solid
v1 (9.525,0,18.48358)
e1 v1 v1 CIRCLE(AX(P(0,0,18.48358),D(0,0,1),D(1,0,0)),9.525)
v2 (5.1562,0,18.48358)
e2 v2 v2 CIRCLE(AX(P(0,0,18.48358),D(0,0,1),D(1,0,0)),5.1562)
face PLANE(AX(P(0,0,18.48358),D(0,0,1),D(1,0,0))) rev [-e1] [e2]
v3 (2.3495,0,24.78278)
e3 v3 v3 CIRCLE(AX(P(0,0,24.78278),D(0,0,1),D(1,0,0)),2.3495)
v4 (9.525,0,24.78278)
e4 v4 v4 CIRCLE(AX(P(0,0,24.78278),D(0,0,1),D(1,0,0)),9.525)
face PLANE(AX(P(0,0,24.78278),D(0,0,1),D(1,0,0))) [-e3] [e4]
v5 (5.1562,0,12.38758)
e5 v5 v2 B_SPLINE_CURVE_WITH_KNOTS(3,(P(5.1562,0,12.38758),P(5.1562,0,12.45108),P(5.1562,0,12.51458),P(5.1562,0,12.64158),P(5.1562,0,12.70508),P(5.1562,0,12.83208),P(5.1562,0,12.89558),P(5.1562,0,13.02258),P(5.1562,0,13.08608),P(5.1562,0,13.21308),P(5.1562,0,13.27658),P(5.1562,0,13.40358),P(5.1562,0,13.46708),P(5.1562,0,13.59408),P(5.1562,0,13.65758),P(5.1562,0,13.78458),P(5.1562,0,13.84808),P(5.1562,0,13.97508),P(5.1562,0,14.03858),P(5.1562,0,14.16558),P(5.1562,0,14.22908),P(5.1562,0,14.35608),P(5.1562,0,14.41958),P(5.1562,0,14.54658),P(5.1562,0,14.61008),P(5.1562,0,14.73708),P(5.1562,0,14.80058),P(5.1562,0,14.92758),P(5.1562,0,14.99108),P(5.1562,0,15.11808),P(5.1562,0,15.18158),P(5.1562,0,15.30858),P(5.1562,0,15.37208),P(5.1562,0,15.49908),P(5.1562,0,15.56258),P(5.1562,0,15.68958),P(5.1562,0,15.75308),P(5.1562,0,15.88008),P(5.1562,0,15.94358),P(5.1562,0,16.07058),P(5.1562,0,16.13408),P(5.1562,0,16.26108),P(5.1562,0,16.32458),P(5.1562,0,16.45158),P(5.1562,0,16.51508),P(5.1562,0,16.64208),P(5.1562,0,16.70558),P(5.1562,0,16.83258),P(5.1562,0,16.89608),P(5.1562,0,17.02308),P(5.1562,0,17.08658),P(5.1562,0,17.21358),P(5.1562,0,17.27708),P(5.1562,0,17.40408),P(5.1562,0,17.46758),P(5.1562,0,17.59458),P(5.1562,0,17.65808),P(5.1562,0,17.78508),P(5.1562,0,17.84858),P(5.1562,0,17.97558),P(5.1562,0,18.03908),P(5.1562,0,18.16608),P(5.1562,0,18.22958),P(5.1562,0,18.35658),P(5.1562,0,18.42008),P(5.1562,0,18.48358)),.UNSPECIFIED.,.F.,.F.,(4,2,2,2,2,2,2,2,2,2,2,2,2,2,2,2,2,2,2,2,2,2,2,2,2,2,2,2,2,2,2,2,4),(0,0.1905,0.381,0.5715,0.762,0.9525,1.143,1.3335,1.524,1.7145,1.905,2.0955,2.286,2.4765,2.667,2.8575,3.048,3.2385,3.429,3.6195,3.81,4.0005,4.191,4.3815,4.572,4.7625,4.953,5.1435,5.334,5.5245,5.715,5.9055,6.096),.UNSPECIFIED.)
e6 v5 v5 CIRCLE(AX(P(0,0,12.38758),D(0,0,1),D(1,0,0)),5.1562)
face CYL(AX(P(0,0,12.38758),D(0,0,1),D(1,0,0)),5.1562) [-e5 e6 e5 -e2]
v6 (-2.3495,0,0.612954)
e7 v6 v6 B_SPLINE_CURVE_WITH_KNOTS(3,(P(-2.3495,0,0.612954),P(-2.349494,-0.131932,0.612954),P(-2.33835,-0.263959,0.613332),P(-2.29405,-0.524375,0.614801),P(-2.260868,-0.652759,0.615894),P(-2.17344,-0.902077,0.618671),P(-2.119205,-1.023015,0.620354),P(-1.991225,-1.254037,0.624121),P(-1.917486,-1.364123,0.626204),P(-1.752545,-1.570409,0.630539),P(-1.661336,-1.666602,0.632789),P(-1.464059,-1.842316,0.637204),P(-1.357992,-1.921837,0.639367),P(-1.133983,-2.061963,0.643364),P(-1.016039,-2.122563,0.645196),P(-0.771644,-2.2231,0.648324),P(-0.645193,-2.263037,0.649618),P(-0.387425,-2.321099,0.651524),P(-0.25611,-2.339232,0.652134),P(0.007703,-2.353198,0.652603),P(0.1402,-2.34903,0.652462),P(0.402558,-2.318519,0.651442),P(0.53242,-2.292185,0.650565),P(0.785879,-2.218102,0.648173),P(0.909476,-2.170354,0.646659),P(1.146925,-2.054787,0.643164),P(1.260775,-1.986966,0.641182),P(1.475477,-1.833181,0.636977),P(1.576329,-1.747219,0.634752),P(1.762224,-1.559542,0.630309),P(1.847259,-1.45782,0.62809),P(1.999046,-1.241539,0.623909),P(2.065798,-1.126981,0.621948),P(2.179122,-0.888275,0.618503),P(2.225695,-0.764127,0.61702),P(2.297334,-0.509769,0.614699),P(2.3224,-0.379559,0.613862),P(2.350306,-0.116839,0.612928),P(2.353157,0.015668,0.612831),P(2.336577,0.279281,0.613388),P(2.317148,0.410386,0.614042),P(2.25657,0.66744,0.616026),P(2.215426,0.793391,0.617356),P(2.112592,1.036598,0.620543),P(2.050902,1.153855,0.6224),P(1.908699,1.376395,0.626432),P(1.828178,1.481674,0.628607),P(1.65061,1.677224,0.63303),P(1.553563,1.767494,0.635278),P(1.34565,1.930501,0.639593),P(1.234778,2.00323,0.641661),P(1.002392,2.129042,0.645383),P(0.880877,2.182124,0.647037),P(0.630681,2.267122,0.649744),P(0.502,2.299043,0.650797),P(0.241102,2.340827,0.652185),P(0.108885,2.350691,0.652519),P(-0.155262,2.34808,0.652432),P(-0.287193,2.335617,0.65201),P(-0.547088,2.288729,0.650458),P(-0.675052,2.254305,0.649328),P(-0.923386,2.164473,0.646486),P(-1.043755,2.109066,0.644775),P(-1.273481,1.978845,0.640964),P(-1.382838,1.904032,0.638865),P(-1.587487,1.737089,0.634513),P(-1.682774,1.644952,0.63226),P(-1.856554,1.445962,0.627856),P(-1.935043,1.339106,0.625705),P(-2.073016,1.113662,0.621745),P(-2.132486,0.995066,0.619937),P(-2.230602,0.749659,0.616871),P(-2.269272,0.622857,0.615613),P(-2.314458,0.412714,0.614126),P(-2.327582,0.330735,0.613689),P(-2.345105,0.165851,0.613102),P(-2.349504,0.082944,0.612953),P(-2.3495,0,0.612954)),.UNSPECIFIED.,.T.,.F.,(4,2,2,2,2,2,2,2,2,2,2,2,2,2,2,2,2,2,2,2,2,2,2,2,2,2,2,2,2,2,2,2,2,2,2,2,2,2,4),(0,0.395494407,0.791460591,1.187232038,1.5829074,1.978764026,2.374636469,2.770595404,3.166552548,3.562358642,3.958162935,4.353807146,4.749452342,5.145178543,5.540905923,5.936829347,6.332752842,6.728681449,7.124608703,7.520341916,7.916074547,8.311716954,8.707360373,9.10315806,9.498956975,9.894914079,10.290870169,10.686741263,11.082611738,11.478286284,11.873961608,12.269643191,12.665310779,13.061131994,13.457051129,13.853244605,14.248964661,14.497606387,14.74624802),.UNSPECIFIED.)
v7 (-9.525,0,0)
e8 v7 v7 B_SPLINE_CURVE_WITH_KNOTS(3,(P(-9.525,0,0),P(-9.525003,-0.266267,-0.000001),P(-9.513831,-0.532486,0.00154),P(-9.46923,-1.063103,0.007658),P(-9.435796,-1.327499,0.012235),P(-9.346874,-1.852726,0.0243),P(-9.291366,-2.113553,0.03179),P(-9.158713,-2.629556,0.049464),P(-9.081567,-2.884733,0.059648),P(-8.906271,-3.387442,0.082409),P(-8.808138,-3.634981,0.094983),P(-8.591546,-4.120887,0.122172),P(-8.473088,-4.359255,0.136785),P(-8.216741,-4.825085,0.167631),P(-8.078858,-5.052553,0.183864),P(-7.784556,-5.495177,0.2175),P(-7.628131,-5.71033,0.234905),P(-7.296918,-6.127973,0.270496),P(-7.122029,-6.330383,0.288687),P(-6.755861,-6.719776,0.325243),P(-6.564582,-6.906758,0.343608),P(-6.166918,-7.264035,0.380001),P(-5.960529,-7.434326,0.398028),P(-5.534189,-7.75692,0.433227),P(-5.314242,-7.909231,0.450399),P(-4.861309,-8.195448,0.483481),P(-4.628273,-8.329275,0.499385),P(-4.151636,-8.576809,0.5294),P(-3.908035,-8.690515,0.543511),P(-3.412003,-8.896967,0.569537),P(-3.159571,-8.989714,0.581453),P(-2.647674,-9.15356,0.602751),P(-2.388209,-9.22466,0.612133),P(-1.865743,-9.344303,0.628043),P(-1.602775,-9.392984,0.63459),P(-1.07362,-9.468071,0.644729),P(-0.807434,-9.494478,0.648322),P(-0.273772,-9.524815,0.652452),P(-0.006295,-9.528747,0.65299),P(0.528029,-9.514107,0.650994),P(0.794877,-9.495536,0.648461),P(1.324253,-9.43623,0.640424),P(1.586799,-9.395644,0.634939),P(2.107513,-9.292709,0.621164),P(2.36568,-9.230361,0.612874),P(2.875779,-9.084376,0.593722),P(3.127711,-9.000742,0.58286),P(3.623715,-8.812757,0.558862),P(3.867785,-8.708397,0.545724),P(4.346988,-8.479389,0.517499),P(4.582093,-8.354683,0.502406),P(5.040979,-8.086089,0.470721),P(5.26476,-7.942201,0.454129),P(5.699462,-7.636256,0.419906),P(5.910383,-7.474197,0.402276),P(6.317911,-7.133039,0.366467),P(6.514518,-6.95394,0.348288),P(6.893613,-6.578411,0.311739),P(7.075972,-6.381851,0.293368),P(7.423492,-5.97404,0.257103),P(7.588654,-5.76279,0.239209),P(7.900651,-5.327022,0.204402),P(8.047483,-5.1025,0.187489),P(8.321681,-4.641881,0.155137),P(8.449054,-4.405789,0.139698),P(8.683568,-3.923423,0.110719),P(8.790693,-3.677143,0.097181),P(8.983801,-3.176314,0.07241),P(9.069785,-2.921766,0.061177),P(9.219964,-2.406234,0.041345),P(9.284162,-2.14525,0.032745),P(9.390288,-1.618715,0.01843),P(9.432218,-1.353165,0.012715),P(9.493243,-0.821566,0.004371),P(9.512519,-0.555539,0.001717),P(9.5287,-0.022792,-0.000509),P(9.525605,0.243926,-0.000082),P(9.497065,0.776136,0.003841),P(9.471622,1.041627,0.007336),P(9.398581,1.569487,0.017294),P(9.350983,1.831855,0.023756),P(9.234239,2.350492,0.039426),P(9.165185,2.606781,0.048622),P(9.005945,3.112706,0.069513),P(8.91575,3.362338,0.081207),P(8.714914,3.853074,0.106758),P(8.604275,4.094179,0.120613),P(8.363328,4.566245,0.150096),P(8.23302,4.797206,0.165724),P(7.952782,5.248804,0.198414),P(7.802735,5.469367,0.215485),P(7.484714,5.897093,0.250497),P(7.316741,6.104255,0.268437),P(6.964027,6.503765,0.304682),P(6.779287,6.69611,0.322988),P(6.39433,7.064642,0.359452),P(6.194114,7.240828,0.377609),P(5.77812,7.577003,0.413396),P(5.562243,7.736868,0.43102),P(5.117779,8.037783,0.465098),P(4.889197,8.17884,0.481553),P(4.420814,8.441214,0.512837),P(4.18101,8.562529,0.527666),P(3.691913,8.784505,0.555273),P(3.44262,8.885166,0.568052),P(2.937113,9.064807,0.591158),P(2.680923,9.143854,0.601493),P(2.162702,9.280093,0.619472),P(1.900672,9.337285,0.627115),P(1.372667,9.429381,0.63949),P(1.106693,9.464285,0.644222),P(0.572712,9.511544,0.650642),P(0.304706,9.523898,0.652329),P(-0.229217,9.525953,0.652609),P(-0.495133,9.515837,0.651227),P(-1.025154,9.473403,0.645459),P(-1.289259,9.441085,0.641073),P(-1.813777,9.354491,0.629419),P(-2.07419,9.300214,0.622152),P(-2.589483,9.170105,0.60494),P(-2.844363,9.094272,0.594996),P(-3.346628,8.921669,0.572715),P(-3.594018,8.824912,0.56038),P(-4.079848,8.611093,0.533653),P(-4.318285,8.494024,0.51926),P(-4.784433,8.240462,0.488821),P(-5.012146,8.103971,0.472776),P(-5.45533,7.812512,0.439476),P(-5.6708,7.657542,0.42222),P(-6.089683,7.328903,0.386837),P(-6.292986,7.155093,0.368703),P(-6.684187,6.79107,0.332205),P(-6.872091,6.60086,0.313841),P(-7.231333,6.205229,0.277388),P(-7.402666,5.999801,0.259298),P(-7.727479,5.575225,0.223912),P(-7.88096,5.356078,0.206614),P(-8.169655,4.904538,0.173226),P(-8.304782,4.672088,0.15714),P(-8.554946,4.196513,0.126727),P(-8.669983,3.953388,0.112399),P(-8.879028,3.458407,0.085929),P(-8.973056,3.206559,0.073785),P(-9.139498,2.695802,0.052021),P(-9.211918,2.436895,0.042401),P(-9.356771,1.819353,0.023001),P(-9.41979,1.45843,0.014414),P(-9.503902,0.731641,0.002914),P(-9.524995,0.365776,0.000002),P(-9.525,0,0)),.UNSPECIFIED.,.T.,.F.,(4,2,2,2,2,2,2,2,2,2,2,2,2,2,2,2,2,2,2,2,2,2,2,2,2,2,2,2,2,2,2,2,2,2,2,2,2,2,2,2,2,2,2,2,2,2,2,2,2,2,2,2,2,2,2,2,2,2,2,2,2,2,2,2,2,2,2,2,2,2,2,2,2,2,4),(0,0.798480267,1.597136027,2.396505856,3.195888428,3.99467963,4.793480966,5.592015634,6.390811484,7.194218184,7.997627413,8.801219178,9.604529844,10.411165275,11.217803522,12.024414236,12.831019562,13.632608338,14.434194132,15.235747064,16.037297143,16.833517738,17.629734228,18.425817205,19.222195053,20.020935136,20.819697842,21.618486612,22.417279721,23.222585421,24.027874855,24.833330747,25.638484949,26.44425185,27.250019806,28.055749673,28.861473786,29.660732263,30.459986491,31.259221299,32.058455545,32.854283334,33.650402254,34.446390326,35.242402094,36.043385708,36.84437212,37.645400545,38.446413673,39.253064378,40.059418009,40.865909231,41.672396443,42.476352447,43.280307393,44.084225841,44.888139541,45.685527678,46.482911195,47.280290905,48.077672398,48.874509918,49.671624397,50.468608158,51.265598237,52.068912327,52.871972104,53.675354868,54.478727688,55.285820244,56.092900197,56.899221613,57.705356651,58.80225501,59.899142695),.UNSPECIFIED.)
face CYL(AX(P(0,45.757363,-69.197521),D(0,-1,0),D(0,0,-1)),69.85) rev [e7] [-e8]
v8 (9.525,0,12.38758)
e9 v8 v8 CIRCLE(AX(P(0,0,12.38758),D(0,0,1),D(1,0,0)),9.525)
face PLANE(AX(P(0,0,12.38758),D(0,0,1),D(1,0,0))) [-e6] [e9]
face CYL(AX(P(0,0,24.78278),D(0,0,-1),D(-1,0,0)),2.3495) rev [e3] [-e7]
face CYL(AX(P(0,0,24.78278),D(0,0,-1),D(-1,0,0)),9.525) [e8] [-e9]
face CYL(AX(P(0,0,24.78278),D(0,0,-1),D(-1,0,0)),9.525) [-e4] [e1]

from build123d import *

# Parameters (mm, degrees)
SKETCH1_R           = 9.525
SKETCH1_R_2         = 2.3495
EXTRUDE1_DEPTH      = 24.78278
SKETCH2_OUTSIDE_W   = 28.372
SKETCH2_OUTSIDE_H   = 28.372
SKETCH2_OUTSIDE_R   = 5.1562
EXTRUDE2_DEPTH      = 6.096
EXTRUDE3_DEPTH      = 29.207045831
EXTRUDE3_DEPTH_BACK = 29.207045831


with BuildPart() as part:
    # Sketch1 → Extrude1 (new body)
    with BuildSketch(Plane.XY):
        Circle(SKETCH1_R)
        Circle(SKETCH1_R_2, mode=Mode.SUBTRACT)
    extrude(amount=EXTRUDE1_DEPTH)

    # Sketch2 outside → Extrude2 (cut)
    with BuildSketch(Plane.XY.offset(18.48358)):
        Rectangle(SKETCH2_OUTSIDE_W, SKETCH2_OUTSIDE_H)
        Circle(SKETCH2_OUTSIDE_R, mode=Mode.SUBTRACT)
    extrude(amount=-EXTRUDE2_DEPTH, mode=Mode.SUBTRACT)

    # Sketch3 → Extrude3 (cut, two sides: drawn at the far end of the back side and taken through both)
    with BuildSketch(Plane(origin=(0, 0, 0), x_dir=(1, 0, 0), z_dir=(0, 1, 0)).offset(-EXTRUDE3_DEPTH_BACK)):
        with BuildLine():
            Line((81.364445057, 9.888659405), (9.525, 0))
            ThreePointArc((9.525, 0), (0, -0.652479271), (-9.525, 0))
            Line((-9.525, 0), (-81.364445057, 9.888659405))
            Line((-81.364445057, 9.888659405), (-81.364445057, 154.92233068))
            Line((-81.364445057, 154.92233068), (81.364445057, 154.92233068))
            Line((81.364445057, 154.92233068), (81.364445057, 9.888659405))
        make_face()
    extrude(amount=EXTRUDE3_DEPTH + EXTRUDE3_DEPTH_BACK, mode=Mode.SUBTRACT)


solid = part.part
